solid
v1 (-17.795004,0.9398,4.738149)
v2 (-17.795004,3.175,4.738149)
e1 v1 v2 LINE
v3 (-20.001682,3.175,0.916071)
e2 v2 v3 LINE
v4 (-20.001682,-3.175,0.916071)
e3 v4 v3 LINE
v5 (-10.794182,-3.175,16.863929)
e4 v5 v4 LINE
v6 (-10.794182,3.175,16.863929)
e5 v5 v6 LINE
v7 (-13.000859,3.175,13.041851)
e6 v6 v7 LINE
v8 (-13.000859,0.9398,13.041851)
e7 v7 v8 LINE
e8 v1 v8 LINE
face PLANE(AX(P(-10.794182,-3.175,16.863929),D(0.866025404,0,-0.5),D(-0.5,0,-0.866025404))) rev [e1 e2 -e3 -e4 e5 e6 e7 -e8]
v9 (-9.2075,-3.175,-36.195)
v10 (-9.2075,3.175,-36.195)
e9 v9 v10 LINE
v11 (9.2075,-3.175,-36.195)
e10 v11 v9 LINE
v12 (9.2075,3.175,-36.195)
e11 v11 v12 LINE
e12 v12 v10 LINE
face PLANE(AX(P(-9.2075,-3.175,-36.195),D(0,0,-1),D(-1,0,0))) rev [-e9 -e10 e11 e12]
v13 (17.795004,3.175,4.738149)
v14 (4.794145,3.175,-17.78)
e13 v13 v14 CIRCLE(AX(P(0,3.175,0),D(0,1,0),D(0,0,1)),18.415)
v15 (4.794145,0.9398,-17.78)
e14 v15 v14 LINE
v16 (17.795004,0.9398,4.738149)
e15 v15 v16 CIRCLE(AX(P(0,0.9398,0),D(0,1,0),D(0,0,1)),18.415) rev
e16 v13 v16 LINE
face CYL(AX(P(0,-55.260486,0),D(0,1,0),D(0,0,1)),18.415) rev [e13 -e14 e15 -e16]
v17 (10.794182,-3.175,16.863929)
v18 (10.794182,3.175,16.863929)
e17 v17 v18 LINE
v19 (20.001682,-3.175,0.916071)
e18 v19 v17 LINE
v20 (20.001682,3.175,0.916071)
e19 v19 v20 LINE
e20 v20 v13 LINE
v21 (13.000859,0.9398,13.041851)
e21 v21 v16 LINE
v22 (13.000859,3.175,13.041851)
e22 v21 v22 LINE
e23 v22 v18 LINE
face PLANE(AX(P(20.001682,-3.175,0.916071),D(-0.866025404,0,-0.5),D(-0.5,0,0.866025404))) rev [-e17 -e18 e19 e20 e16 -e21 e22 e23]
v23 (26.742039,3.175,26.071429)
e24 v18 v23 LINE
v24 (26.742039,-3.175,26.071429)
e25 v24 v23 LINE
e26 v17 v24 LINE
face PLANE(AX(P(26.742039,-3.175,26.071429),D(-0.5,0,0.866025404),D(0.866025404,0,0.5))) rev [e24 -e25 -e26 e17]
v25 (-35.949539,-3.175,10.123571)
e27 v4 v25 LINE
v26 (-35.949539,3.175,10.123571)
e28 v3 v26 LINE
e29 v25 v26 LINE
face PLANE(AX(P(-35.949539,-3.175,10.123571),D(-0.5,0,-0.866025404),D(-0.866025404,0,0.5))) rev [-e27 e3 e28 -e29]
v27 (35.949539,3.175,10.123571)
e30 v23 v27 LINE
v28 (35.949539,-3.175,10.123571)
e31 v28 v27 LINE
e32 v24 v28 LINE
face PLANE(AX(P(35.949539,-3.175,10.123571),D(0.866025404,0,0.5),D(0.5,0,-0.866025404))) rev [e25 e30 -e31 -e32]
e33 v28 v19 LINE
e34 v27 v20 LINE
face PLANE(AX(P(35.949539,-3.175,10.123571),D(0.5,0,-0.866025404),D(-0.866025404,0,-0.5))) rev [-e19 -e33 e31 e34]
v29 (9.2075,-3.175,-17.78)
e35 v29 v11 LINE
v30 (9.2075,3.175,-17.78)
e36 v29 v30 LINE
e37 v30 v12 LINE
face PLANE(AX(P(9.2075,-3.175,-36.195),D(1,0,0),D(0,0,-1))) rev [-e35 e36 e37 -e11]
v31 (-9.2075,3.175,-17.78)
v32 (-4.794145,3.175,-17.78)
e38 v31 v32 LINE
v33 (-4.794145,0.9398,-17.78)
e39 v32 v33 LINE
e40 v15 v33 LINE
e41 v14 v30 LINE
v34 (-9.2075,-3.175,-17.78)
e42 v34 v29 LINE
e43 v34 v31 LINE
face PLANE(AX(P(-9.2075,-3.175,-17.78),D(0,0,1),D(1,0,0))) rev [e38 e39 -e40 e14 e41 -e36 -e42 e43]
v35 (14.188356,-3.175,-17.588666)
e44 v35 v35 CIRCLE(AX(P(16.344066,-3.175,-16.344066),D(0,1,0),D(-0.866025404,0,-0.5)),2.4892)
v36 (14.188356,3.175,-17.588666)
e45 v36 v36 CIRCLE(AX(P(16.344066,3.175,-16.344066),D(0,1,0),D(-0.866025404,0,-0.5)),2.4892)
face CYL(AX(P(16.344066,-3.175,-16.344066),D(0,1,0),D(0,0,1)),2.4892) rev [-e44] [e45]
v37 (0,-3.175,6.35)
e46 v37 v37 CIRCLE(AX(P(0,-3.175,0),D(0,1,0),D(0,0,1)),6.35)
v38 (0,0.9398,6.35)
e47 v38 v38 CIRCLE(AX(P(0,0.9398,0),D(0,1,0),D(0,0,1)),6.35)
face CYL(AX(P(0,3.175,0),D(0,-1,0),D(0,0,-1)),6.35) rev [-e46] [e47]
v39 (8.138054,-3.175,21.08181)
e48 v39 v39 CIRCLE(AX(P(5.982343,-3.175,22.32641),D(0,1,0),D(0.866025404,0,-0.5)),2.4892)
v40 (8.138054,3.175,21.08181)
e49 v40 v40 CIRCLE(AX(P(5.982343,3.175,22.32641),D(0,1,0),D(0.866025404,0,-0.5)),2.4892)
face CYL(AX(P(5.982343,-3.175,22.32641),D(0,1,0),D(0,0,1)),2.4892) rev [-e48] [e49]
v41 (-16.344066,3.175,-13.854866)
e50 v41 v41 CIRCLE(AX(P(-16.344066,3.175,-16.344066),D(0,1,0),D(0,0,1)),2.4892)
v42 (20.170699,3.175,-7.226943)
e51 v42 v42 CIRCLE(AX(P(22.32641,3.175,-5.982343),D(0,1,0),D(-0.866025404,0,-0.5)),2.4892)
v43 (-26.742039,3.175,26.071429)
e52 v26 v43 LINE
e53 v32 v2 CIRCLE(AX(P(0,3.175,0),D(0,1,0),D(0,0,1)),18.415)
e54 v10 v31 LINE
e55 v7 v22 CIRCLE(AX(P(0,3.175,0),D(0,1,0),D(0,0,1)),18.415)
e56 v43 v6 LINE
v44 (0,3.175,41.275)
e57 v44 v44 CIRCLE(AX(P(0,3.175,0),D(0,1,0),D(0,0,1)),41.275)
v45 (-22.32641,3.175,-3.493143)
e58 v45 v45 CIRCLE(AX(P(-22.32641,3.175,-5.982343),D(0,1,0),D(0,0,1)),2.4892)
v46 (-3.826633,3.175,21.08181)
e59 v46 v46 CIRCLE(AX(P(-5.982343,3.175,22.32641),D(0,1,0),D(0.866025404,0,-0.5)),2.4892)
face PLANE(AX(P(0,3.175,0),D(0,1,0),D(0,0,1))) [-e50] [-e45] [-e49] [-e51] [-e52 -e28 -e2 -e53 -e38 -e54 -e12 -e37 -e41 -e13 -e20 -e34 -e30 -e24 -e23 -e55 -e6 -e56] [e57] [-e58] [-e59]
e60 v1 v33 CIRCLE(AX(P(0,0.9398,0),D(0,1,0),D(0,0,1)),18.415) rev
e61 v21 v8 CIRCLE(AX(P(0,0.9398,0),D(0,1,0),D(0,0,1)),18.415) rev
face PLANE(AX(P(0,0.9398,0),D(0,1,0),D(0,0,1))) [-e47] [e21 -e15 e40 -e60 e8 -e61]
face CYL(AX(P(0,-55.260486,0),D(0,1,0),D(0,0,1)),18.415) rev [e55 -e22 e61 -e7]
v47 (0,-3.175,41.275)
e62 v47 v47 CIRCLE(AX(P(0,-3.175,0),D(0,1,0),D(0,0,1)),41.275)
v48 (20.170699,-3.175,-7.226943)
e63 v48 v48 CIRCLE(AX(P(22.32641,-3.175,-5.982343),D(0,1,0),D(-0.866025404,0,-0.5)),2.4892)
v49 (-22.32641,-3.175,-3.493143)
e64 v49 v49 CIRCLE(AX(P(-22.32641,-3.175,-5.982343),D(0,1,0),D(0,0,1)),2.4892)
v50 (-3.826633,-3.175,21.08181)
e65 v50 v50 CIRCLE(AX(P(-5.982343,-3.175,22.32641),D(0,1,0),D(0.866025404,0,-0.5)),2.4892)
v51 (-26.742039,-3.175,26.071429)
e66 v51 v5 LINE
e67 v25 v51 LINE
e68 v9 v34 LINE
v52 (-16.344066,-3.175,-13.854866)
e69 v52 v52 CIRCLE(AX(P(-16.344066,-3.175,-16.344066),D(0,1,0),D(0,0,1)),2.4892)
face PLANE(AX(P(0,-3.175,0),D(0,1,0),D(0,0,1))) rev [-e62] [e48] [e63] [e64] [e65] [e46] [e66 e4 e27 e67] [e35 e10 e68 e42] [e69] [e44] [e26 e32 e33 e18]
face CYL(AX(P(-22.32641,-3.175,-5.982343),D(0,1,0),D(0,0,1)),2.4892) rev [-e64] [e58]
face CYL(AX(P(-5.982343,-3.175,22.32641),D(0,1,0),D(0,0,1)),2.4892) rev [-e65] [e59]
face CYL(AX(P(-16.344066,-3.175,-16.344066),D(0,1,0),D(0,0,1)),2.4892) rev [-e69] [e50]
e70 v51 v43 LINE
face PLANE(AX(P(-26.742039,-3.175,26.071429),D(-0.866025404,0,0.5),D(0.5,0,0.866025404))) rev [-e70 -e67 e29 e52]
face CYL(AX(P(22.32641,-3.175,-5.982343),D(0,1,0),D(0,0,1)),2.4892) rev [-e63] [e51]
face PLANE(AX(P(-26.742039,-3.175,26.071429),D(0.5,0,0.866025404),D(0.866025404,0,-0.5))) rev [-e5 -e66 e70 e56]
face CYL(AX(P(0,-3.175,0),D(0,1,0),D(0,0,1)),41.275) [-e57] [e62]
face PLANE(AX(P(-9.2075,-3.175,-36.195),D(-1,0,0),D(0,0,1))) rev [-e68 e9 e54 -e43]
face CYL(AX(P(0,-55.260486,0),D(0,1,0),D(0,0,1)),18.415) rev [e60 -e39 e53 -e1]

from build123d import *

# Parameters (mm, degrees)
SKETCH1_R           = 44.45
SKETCH1_R_2         = 6.35
BOSS_EXTRUDE1_DEPTH = 3.175
SKETCH5_W           = 18.415
SKETCH5_H           = 18.415
CUT_EXTRUDE4_DEPTH  = 64.181702256
CIRPATTERN2_COUNT   = 3
SKETCH3_R           = 44.45
SKETCH3_R_2         = 41.275
CUT_EXTRUDE2_DEPTH  = 64.181702256
SKETCH6_R           = 18.415
CUT_EXTRUDE5_DEPTH  = 2.2352
SKETCH7_R           = 2.4892
CUT_EXTRUDE6_DEPTH  = 59.716043378
CIRPATTERN3_COUNT   = 3


with BuildPart() as part:
    # Sketch1 → Boss-Extrude1 (new, symmetric)
    with BuildSketch(Plane(origin=(0, 0, 0), x_dir=(1, 0, 0), z_dir=(0, 1, 0))):
        with Locations(Location((0, 0, 0), (0, 0, 270))):
            Circle(SKETCH1_R)
        with Locations(Location((0, 0, 0), (0, 0, 270))):
            Circle(SKETCH1_R_2, mode=Mode.SUBTRACT)
    extrude(amount=BOSS_EXTRUDE1_DEPTH, both=True)

    # Sketch5 → Cut-Extrude4 (cut, through all)
    with BuildSketch(Plane(origin=(0, 3.175, 0), x_dir=(1, 0, 0), z_dir=(0, 1, 0))):
        with Locations((0, 26.9875)):
            Rectangle(SKETCH5_W, SKETCH5_H)
    cut_extrude4 = extrude(amount=-CUT_EXTRUDE4_DEPTH, mode=Mode.SUBTRACT)

    # CirPattern2: Cut-Extrude4 ×3 about axis
    cirpattern2_axis = Axis((0, 0, 0), (0, 1, 0))
    for i in range(1, CIRPATTERN2_COUNT):
        add(cut_extrude4.rotate(cirpattern2_axis, i * 360 / CIRPATTERN2_COUNT), mode=Mode.SUBTRACT)

    # Sketch3 → Cut-Extrude2 (cut, through all)
    with BuildSketch(Plane(origin=(0, 3.175, 0), x_dir=(1, 0, 0), z_dir=(0, 1, 0))):
        Circle(SKETCH3_R)
        with Locations(Location((0, 0, 0), (0, 0, 270))):
            Circle(SKETCH3_R_2, mode=Mode.SUBTRACT)
    extrude(amount=-CUT_EXTRUDE2_DEPTH, mode=Mode.SUBTRACT)

    # Sketch6 → Cut-Extrude5 (cut)
    with BuildSketch(Plane(origin=(0, 3.175, 0), x_dir=(1, 0, 0), z_dir=(0, 1, 0))):
        Circle(SKETCH6_R)
    extrude(amount=-CUT_EXTRUDE5_DEPTH, mode=Mode.SUBTRACT)

    # Sketch7 → Cut-Extrude6 (cut, through all)
    with BuildSketch(Plane(origin=(0, 3.175, 0), x_dir=(1, 0, 0), z_dir=(0, 1, 0))):
        with Locations(Location((-16.34406614, 16.34406614, 0), (0, 0, 270))):
            Circle(SKETCH7_R)
        with Locations(Location((-22.326409549, 5.982343408, 0), (0, 0, 270))):
            Circle(SKETCH7_R)
    cut_extrude6 = extrude(amount=-CUT_EXTRUDE6_DEPTH, mode=Mode.SUBTRACT)

    # CirPattern3: Cut-Extrude6 ×3 about axis
    cirpattern3_axis = Axis((0, 0, 0), (0, 1, 0))
    for i in range(1, CIRPATTERN3_COUNT):
        add(cut_extrude6.rotate(cirpattern3_axis, i * 360 / CIRPATTERN3_COUNT), mode=Mode.SUBTRACT)


solid = part.part
